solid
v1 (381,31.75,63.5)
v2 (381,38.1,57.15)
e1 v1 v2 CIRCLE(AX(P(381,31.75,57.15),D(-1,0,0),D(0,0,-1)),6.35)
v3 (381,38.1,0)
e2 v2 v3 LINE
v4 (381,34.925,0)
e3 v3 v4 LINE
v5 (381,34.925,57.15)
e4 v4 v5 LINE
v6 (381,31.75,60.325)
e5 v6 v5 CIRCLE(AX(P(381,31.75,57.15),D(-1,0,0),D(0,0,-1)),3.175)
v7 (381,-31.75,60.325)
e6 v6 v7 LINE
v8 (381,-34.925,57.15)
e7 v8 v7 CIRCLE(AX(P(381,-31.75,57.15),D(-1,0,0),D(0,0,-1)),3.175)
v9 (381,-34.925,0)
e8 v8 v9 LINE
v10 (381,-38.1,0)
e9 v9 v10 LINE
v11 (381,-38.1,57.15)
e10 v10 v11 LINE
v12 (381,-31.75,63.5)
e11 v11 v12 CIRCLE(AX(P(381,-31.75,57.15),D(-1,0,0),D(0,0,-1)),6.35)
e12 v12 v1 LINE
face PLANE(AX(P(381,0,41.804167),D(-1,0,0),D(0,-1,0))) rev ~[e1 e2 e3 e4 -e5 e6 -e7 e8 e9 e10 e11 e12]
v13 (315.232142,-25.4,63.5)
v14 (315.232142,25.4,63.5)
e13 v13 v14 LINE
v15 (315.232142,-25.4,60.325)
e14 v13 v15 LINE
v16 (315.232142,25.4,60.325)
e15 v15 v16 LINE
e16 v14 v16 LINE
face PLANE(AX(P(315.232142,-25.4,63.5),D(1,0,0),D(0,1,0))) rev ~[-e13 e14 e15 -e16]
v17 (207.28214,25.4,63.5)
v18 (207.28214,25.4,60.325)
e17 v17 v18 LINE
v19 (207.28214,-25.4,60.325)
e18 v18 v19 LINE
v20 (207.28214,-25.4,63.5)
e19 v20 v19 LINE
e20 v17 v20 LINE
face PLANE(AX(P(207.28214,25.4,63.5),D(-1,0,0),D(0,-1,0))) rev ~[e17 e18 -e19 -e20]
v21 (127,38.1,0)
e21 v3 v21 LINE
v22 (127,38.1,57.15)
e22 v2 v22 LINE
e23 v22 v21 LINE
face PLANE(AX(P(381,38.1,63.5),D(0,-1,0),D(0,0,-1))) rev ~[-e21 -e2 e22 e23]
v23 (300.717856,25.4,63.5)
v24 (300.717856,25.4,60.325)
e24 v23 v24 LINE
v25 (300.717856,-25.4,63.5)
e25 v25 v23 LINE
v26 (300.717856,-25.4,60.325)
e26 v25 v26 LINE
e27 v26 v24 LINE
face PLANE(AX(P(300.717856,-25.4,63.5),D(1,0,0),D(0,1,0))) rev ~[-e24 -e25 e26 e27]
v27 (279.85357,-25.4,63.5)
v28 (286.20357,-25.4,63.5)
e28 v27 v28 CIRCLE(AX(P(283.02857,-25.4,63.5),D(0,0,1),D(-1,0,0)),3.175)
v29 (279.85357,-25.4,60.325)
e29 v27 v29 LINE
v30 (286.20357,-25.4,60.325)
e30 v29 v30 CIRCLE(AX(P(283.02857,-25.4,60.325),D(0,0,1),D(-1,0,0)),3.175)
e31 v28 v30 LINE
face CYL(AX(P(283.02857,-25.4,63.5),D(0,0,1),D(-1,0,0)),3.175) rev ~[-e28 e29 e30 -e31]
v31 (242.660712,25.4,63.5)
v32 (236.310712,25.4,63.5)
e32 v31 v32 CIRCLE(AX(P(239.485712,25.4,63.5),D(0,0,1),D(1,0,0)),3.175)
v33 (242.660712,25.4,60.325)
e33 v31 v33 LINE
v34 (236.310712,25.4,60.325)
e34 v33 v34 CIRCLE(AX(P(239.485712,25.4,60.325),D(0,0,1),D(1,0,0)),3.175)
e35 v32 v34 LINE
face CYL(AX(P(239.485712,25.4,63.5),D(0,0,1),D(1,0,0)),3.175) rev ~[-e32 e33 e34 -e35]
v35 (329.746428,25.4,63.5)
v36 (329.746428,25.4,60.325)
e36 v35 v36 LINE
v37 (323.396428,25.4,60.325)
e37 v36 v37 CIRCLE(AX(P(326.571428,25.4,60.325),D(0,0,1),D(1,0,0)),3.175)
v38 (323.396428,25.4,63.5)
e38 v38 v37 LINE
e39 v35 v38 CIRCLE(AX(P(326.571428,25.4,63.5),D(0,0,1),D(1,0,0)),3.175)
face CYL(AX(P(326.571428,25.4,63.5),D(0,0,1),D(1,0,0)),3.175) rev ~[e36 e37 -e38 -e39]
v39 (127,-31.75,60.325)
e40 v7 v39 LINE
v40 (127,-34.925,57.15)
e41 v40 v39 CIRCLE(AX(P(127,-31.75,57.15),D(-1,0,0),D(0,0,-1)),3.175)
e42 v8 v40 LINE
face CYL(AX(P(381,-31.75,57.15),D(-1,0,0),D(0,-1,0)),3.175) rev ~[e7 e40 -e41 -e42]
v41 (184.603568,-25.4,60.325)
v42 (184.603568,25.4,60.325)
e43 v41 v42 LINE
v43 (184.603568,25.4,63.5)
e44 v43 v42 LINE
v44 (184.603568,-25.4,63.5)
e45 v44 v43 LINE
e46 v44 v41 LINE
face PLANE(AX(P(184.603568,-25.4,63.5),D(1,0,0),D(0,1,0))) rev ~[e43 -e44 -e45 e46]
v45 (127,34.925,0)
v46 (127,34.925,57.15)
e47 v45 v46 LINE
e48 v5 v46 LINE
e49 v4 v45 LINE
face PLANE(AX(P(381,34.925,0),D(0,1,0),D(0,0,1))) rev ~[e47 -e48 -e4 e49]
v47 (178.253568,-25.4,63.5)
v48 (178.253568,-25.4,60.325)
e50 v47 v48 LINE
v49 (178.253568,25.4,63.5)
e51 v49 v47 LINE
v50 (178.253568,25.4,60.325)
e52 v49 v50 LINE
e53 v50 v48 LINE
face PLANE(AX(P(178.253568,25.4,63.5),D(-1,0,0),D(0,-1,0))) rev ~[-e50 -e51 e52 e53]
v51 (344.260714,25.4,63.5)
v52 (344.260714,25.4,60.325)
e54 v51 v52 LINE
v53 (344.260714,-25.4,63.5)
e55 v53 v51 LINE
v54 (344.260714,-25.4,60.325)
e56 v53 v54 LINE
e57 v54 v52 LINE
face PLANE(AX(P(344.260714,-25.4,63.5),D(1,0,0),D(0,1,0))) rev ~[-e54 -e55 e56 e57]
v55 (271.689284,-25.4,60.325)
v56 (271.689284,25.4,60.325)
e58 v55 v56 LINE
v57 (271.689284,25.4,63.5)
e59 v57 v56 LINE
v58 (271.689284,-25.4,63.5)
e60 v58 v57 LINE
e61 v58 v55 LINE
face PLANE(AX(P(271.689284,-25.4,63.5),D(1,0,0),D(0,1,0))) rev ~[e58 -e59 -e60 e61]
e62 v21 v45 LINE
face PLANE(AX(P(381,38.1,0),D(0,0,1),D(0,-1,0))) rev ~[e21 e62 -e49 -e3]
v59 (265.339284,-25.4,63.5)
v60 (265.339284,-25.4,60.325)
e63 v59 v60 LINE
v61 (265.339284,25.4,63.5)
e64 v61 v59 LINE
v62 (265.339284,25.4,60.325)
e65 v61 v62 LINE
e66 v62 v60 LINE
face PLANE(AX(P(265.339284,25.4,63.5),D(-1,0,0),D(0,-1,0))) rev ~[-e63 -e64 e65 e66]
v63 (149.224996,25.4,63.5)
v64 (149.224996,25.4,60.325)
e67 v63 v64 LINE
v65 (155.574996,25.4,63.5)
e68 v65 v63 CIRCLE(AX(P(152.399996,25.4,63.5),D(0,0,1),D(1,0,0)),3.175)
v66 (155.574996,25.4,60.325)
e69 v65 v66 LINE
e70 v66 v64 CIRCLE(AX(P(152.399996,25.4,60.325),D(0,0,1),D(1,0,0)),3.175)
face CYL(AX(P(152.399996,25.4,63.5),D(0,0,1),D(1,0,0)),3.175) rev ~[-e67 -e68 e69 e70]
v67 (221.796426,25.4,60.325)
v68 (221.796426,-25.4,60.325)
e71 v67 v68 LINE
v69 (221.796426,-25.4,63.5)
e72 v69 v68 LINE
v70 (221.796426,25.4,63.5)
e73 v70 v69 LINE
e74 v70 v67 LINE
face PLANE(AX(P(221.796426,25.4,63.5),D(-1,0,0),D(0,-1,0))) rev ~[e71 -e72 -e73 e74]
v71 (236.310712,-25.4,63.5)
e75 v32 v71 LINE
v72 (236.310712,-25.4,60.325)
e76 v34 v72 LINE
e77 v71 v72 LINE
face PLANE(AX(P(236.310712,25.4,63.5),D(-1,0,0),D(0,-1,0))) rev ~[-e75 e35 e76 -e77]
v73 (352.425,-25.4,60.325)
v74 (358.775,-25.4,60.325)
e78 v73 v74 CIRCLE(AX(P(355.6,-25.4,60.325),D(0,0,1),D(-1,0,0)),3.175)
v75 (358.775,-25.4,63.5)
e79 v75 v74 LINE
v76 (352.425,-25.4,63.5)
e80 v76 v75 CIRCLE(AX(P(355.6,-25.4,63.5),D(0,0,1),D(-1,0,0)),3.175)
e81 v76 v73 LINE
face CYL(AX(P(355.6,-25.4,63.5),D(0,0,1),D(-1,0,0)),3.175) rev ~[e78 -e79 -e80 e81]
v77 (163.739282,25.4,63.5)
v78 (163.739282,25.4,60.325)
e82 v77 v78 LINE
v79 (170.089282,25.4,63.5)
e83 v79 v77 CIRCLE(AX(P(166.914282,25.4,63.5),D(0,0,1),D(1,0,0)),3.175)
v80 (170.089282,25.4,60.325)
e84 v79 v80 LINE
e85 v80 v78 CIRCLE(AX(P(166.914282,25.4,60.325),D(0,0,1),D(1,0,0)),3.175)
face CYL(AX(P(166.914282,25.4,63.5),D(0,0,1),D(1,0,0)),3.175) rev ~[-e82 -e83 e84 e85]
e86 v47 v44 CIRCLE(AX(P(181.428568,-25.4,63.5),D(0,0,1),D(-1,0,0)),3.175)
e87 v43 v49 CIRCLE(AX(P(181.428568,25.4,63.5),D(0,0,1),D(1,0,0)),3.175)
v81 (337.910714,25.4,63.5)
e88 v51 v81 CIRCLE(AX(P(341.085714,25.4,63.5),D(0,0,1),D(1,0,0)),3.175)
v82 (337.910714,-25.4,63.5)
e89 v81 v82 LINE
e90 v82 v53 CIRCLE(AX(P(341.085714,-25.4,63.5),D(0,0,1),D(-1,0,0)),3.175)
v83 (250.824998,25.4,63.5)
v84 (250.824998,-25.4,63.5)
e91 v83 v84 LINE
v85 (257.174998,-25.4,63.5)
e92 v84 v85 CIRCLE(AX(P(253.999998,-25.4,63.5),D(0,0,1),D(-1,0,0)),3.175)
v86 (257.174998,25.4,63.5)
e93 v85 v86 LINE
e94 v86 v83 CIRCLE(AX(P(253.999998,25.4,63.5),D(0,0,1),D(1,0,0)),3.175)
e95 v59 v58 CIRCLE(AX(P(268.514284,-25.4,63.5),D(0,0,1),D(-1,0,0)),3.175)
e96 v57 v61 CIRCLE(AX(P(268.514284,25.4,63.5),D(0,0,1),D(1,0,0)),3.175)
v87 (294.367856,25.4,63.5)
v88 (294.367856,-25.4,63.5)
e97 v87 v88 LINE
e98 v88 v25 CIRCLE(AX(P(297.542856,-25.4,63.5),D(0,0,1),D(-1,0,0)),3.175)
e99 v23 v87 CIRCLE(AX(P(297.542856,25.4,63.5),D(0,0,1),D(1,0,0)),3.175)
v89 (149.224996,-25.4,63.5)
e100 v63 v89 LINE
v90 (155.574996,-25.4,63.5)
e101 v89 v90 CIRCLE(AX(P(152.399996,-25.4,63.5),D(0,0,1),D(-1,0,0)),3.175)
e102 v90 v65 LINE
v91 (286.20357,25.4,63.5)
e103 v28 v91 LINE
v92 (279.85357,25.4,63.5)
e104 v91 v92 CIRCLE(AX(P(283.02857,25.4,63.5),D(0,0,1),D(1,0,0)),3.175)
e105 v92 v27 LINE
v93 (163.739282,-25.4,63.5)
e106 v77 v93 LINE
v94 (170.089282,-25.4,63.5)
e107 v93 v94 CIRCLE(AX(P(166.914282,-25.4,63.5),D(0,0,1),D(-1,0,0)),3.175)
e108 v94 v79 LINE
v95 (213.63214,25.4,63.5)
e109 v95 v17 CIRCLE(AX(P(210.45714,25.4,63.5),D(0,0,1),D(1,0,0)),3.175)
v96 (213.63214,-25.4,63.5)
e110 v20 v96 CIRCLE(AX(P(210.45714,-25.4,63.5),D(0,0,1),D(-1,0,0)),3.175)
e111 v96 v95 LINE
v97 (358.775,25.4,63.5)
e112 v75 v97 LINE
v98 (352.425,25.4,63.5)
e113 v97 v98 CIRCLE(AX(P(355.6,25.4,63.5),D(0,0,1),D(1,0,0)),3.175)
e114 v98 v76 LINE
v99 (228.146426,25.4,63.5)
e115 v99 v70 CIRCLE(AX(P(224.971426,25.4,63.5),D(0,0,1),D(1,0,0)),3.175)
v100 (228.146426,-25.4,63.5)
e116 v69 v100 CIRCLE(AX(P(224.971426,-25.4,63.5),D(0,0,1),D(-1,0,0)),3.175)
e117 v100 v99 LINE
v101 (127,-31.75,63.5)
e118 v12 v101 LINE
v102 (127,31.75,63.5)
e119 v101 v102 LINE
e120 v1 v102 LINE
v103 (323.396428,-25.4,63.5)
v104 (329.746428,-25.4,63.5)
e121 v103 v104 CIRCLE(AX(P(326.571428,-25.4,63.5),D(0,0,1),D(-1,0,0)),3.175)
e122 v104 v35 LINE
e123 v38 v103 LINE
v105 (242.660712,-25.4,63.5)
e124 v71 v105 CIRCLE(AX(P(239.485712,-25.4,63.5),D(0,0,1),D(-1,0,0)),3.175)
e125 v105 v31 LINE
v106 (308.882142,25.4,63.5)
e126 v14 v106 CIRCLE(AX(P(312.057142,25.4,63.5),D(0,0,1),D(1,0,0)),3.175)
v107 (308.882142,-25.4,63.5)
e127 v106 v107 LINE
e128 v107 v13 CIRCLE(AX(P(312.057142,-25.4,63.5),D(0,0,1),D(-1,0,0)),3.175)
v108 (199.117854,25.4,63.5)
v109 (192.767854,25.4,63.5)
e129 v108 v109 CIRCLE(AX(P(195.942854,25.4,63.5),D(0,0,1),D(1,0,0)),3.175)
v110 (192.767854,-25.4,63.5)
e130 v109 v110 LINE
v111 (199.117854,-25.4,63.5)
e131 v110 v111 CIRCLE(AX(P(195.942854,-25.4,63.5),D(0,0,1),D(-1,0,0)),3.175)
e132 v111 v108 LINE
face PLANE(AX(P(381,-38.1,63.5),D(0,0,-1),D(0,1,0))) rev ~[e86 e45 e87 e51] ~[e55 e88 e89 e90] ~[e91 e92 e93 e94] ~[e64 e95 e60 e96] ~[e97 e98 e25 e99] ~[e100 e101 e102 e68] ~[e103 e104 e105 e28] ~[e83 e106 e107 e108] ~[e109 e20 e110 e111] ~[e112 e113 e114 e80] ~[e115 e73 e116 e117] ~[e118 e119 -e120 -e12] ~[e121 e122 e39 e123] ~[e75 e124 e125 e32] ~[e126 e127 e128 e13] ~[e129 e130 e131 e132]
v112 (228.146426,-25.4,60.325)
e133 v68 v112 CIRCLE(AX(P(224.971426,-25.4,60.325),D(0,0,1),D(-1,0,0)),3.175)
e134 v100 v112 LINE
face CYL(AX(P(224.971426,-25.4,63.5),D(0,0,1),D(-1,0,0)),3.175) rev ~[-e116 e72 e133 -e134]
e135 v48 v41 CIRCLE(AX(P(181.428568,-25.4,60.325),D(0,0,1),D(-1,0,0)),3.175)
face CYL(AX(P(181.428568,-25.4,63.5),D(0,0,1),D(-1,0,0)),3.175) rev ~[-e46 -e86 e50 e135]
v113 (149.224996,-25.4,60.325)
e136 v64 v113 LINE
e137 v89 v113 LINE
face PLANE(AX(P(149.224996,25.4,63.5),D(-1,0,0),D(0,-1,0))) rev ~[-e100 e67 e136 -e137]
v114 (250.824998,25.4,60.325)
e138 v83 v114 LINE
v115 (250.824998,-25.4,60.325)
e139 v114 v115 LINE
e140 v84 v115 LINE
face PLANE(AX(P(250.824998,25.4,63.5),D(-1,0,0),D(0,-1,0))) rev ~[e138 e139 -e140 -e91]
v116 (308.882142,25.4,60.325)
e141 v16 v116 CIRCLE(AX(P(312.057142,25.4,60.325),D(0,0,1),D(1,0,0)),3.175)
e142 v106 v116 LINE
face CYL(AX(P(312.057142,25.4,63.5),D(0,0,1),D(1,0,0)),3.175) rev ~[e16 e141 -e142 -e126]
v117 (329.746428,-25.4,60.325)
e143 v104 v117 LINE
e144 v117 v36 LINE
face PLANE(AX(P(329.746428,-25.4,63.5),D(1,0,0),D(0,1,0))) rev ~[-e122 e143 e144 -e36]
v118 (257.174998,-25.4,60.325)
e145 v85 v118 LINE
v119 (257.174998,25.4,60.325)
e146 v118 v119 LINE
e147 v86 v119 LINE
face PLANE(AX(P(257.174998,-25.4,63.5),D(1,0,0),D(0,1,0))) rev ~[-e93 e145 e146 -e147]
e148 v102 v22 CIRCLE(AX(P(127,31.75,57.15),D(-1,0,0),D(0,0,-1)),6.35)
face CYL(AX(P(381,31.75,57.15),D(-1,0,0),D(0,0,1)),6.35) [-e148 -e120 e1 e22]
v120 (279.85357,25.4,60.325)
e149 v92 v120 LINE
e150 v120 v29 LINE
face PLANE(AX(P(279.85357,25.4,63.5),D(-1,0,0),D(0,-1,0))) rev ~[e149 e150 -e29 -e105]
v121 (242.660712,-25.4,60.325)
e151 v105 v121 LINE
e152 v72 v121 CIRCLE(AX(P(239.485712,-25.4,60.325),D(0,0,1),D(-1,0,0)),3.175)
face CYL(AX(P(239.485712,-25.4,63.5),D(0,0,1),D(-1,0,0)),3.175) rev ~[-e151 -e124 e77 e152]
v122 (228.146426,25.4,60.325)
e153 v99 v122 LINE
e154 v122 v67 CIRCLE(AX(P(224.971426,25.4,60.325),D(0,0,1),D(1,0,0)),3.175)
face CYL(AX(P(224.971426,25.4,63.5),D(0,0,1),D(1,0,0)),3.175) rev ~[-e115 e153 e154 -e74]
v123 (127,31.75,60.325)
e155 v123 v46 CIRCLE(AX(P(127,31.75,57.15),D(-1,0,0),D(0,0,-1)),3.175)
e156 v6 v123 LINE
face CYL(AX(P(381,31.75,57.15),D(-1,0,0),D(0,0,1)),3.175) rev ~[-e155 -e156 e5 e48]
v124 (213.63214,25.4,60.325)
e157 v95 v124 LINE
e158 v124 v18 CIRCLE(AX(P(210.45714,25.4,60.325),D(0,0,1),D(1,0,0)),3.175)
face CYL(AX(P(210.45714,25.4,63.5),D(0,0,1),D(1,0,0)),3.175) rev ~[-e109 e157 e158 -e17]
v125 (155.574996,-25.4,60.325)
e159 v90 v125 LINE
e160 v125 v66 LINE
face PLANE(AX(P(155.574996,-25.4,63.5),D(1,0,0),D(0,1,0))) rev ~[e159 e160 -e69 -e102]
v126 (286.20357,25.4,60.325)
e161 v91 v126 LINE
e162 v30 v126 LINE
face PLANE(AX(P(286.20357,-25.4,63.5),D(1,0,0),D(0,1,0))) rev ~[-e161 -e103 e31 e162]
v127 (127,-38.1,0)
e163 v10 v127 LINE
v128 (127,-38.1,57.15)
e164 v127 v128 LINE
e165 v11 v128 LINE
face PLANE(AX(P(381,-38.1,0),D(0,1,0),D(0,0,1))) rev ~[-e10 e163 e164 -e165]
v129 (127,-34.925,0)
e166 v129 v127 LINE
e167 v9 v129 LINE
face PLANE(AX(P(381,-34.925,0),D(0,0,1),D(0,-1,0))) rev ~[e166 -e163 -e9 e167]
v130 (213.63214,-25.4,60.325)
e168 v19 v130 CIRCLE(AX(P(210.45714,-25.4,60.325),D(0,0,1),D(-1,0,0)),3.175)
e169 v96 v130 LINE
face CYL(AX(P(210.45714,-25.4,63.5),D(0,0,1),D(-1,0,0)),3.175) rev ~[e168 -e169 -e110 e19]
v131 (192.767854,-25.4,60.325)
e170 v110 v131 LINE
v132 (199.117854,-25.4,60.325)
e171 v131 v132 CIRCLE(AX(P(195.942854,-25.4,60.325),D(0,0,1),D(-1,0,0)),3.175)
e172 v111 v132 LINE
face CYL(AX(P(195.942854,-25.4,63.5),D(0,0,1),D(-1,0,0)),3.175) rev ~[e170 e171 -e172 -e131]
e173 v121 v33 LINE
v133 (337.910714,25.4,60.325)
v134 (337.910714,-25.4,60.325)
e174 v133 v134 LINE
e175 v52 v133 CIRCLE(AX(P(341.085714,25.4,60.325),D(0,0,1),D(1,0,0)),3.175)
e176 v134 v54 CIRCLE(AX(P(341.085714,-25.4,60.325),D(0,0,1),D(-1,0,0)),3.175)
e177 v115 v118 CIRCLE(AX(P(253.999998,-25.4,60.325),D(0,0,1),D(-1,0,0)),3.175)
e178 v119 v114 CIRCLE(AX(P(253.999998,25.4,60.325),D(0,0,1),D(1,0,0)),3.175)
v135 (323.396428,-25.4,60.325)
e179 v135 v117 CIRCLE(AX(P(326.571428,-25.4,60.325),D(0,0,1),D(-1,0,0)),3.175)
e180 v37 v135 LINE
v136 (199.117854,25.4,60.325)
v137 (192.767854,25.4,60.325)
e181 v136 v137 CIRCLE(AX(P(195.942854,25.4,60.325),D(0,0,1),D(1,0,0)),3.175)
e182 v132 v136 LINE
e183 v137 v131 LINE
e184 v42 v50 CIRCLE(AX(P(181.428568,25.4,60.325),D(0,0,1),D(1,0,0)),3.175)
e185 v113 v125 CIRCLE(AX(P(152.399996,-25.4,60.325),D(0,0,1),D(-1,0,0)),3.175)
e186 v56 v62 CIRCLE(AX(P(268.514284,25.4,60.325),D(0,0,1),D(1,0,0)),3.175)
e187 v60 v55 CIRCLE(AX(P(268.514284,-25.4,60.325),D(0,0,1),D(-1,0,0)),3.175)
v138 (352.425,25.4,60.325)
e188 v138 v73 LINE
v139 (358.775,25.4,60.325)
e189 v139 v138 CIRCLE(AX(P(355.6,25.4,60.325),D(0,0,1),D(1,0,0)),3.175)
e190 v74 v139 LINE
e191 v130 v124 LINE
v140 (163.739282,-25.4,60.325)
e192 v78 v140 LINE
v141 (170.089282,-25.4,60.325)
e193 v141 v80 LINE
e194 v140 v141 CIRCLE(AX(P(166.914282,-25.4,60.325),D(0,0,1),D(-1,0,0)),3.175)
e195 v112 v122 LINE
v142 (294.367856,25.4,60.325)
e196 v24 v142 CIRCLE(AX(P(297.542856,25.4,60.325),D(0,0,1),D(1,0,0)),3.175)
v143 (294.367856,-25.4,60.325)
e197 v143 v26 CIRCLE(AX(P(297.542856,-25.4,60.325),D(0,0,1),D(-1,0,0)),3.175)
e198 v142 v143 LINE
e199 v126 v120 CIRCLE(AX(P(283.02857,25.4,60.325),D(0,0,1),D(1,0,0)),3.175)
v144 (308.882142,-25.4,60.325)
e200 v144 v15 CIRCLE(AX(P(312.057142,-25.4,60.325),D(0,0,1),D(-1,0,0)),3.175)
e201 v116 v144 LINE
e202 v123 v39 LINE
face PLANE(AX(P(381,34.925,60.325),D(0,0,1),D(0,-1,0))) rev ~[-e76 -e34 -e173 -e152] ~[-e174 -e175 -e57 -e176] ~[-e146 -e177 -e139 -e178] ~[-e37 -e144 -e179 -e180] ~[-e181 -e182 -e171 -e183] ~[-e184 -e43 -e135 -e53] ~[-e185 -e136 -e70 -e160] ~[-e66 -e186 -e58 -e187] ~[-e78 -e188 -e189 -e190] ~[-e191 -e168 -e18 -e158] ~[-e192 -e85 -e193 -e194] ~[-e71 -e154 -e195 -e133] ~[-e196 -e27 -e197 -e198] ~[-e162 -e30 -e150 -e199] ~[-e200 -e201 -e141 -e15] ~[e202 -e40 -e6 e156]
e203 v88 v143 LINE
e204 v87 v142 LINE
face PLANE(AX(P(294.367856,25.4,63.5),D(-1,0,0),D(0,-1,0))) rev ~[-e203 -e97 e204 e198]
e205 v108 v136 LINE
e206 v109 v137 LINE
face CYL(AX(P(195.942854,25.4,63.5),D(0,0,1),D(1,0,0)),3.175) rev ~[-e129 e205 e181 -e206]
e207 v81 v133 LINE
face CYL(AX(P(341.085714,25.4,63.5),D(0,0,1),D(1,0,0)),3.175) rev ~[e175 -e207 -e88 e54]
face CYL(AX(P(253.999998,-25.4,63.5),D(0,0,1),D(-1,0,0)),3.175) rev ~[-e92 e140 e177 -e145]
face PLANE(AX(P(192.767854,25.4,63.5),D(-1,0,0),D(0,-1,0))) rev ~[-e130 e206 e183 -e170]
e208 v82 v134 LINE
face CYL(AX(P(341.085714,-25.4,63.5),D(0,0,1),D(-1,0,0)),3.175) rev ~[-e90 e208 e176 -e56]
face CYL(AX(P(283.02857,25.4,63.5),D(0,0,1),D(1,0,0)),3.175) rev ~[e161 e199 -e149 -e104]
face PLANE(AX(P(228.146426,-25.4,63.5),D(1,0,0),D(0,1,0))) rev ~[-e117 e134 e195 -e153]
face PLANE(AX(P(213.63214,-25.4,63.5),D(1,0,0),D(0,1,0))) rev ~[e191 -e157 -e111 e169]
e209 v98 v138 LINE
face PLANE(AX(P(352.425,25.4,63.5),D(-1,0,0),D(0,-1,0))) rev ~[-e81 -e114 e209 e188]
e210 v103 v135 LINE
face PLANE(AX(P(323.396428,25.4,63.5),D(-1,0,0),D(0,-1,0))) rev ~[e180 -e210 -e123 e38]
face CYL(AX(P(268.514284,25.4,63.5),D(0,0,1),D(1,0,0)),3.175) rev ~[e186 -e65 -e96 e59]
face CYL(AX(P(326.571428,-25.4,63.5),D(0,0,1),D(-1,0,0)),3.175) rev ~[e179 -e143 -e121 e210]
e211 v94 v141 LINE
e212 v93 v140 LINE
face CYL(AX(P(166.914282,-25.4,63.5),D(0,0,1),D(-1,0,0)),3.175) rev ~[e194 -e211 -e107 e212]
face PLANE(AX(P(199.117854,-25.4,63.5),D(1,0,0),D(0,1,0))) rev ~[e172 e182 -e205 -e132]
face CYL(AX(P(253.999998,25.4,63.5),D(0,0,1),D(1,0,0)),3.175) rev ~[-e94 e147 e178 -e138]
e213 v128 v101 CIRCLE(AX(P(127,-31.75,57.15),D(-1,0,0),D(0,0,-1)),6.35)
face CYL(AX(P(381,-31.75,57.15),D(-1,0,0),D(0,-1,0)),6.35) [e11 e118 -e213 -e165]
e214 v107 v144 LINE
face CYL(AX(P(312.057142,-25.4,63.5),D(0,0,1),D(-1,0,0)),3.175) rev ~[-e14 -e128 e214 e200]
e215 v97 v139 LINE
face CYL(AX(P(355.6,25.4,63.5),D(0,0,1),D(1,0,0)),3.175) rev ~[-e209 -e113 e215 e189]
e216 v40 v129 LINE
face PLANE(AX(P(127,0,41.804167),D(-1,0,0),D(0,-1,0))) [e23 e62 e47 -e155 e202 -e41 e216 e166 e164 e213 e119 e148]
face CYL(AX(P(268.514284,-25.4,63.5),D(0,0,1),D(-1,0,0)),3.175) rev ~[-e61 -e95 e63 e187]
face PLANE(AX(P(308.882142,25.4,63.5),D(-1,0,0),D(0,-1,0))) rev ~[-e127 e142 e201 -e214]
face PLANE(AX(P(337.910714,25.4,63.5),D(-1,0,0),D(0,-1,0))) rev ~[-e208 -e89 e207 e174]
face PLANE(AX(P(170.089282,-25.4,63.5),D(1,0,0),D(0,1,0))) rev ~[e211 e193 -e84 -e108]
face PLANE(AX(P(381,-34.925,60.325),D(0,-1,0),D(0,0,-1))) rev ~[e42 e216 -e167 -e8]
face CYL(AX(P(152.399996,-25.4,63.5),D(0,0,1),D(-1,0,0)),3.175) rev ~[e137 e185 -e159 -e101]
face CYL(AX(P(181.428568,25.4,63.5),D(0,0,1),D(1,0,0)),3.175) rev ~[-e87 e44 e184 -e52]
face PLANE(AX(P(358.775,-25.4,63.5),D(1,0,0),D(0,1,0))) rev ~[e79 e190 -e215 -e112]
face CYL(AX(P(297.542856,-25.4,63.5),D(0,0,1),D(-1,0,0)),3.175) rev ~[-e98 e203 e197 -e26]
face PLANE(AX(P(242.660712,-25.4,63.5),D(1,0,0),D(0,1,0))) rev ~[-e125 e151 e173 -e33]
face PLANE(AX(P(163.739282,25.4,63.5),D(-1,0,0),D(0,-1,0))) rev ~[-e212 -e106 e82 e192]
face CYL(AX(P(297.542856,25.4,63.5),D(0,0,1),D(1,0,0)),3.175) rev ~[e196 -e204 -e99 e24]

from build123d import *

# Parameters (mm, degrees)
PAD7367_DEPTH          = 254
POCKET686_DEPTH        = 63.501
LINEARPATTERN003_COUNT = 15
LINEARPATTERN003_PITCH = 14.514286
FILLET569_R            = 6.35
FILLET570_R            = 3.175


with BuildPart() as part:
    # Sketch8382 → Pad7367 (new body)
    with BuildSketch(Plane.YZ):
        Polygon((-38.1, -63.5), (-38.1, 0), (38.1, 0), (38.1, -63.5), (34.925, -63.5), (34.925, -3.175), (-34.925, -3.175), (-34.925, -63.5), align=None)
    extrude(amount=-PAD7367_DEPTH)

    # Sketch8384 → Pocket686 (cut, through all)
    with BuildSketch(Plane.XY):
        with BuildLine():
            ThreePointArc((-28.575, -25.4), (-25.4, -28.575), (-22.225, -25.4))
            Line((-22.225, -25.4), (-22.225, 25.4))
            ThreePointArc((-22.225, 25.4), (-25.4, 28.575), (-28.575, 25.4))
            Line((-28.575, 25.4), (-28.575, -25.4))
        make_face()
    pocket686 = extrude(amount=-POCKET686_DEPTH, mode=Mode.SUBTRACT)

    # LinearPattern003: Pocket686 ×15
    with Locations(*[(-i * LINEARPATTERN003_PITCH, 0, 0) for i in range(1, LINEARPATTERN003_COUNT)]):
        add(pocket686, mode=Mode.SUBTRACT)

    # Fillet569
    fillet569_edges = [part.edges().sort_by_distance(p)[0] for p in [
        (-127, -38.1, 0),
        (-127, 38.1, 0),
    ]]
    fillet(fillet569_edges, radius=FILLET569_R)

    # Fillet570
    fillet570_edges = [part.edges().sort_by_distance(p)[0] for p in [
        (-127, -34.925, -3.175),
        (-127, 34.925, -3.175),
    ]]
    fillet(fillet570_edges, radius=FILLET570_R)


with BuildPart() as part_1:
    # Body6681 placement: moved
    add(part.part.moved(Location((381, 0, 63.5))))


solid = part_1.part
